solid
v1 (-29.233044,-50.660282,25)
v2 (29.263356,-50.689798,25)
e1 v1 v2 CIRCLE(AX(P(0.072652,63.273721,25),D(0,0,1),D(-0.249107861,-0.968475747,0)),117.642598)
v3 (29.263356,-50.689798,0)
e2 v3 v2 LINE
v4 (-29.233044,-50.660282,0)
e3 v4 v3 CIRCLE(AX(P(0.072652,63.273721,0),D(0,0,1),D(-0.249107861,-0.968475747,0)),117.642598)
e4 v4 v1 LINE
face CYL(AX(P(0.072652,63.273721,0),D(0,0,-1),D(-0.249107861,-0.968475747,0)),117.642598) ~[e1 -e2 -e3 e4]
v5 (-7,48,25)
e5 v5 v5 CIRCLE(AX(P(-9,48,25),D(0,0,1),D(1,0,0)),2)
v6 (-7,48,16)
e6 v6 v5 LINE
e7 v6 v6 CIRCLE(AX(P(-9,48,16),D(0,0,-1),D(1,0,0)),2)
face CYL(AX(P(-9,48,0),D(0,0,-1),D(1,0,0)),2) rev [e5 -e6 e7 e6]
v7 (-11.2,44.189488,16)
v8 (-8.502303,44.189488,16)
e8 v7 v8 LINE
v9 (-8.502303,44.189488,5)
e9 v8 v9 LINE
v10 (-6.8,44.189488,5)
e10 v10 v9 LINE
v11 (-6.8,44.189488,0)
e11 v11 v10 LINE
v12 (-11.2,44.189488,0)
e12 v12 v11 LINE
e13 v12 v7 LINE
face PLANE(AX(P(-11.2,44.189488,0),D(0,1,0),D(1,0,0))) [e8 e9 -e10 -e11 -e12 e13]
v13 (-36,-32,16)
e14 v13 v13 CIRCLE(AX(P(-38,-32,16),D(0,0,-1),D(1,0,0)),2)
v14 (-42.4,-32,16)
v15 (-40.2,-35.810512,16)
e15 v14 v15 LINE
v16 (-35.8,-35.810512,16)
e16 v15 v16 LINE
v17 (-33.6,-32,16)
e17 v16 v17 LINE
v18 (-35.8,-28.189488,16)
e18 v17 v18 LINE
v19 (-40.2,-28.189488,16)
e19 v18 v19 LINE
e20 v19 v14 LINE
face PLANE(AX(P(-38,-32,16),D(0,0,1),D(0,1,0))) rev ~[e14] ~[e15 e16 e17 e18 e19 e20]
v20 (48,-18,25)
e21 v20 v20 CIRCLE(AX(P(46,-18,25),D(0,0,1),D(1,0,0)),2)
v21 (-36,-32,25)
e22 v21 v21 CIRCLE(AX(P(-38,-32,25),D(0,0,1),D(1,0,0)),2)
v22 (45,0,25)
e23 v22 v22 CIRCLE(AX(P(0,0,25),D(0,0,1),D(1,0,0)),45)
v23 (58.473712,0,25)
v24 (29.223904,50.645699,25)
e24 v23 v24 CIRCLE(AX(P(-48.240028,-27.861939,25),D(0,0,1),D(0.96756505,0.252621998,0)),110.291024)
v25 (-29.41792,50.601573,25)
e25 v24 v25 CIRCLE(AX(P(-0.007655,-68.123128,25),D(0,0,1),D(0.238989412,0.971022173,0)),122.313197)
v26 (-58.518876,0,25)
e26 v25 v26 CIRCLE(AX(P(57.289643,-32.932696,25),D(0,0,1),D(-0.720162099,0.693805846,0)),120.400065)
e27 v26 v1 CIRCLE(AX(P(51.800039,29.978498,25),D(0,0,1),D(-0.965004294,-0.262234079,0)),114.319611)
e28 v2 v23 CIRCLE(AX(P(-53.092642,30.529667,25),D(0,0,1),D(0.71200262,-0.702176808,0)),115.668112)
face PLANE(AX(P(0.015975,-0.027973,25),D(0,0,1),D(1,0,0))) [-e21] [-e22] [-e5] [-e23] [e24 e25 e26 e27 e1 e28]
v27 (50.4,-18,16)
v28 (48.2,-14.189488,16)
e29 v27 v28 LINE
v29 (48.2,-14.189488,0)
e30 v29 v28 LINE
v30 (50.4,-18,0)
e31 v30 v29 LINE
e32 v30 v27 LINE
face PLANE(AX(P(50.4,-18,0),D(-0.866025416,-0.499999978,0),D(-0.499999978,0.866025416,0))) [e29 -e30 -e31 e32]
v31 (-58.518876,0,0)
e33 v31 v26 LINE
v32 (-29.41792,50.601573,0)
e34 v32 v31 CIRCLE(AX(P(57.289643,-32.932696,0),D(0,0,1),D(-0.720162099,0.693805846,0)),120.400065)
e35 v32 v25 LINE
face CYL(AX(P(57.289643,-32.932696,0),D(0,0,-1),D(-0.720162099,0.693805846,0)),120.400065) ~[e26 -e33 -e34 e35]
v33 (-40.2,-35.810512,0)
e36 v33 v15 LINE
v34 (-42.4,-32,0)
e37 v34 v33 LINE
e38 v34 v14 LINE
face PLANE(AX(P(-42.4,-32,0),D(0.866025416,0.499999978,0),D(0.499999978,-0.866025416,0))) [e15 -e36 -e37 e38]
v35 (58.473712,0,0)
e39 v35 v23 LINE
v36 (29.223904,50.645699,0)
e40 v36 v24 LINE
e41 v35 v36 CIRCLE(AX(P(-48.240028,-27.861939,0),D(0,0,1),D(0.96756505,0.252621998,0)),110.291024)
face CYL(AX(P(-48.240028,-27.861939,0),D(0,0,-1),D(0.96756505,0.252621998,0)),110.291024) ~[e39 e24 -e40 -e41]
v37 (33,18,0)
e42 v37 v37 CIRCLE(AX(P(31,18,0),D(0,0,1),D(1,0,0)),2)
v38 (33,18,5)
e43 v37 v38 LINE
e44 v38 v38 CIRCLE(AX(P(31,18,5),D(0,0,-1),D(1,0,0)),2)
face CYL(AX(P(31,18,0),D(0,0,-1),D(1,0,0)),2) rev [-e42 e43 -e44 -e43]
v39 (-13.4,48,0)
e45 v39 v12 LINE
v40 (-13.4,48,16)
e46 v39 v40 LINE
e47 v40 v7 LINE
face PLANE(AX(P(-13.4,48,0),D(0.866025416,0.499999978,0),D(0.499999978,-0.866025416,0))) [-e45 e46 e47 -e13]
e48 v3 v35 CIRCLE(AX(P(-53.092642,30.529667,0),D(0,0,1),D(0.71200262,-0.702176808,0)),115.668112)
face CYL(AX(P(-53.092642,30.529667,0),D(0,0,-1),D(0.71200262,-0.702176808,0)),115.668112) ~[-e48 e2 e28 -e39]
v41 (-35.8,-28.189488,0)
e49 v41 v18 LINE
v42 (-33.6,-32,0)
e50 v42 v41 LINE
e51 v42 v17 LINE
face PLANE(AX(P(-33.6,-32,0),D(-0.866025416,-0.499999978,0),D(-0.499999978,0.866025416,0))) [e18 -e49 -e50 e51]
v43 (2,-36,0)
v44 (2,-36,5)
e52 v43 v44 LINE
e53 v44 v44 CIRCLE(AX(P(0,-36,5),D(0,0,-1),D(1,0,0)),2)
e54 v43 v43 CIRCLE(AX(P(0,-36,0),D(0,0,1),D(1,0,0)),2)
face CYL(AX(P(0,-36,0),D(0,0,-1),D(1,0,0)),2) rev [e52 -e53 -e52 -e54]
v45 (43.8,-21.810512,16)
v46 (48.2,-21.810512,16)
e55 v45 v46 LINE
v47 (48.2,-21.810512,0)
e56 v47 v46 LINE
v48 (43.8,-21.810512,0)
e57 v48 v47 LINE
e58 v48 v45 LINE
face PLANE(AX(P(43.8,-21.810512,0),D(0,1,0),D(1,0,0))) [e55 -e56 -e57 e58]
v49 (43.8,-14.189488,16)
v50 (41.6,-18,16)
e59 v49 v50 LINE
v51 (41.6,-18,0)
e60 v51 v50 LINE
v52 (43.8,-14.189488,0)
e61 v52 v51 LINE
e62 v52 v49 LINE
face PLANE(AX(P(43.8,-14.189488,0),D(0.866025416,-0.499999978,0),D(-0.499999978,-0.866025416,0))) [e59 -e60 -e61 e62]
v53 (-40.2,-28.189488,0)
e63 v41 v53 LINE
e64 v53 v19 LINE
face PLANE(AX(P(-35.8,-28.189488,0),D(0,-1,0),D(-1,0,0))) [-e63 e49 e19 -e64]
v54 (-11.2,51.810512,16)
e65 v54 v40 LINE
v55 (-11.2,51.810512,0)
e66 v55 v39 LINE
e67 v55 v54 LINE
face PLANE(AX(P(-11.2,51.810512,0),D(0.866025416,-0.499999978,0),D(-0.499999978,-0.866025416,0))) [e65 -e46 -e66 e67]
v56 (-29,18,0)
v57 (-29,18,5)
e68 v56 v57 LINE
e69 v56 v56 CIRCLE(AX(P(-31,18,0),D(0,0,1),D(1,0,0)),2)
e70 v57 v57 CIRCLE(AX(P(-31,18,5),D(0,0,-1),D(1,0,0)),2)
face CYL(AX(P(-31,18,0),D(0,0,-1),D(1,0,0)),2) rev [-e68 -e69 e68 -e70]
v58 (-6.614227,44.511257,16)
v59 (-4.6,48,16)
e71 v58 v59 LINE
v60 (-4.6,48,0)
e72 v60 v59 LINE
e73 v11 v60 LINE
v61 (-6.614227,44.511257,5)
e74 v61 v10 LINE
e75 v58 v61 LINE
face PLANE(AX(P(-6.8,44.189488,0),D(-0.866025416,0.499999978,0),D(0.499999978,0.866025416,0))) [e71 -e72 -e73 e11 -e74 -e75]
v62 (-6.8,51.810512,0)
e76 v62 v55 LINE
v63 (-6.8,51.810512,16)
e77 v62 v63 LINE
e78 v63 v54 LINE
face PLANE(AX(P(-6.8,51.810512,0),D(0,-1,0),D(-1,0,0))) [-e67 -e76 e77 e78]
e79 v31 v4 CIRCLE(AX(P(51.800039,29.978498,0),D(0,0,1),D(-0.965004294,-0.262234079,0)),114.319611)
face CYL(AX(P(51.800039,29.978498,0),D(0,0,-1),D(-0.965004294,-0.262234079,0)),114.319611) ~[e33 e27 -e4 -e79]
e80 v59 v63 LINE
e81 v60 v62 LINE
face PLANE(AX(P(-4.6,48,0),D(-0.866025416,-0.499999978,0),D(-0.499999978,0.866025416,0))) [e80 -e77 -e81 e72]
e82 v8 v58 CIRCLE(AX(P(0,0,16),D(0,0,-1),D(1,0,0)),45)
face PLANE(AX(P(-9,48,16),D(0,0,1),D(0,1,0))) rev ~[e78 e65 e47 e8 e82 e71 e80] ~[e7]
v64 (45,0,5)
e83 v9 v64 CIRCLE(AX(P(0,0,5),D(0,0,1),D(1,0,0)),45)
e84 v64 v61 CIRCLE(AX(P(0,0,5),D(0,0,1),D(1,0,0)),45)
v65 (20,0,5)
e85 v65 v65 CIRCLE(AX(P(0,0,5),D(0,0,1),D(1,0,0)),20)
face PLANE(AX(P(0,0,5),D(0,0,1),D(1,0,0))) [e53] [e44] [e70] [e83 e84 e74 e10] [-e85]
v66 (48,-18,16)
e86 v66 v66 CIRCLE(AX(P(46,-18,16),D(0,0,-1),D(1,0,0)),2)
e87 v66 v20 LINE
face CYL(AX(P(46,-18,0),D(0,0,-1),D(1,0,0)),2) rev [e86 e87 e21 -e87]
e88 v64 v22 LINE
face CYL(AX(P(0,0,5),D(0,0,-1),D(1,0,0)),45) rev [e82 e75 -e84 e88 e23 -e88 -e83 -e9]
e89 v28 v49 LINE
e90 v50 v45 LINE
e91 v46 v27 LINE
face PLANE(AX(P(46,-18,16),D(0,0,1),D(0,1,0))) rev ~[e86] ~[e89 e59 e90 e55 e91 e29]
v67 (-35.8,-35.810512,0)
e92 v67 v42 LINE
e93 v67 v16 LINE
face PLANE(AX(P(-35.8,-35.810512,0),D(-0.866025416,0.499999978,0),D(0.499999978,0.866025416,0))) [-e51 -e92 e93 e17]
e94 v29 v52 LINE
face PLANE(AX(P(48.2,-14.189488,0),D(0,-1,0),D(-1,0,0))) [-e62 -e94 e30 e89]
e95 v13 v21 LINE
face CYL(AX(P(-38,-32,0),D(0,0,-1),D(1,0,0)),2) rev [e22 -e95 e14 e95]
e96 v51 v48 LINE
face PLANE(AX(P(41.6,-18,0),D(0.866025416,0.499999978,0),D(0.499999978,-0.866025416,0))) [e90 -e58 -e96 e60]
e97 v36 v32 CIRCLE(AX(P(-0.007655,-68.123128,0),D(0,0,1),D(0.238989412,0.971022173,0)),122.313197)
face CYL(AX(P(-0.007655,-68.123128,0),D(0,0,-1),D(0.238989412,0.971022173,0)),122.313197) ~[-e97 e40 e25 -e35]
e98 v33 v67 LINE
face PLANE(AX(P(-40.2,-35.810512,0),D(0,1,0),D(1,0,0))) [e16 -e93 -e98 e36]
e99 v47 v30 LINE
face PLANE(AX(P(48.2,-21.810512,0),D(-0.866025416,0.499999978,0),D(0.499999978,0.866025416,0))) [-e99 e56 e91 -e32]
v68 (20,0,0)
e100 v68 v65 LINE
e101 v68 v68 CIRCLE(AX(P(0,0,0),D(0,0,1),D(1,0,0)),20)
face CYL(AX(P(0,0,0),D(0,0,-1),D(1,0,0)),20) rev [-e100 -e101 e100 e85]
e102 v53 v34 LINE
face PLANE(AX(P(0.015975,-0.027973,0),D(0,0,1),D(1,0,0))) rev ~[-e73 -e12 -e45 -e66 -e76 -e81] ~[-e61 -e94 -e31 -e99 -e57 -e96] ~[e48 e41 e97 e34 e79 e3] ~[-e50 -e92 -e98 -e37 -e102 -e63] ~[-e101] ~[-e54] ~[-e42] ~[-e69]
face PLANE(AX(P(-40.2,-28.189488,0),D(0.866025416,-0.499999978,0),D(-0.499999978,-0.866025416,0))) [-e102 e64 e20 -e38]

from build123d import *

# Parameters (mm, degrees)
CYLINDER006_R     = 2
CYLINDER006_DEPTH = 20
CYLINDER007_R     = 2
CYLINDER007_DEPTH = 20
CYLINDER005_R     = 2
CYLINDER005_DEPTH = 20
EXTRUDE003_DEPTH  = 16
EXTRUDE002_DEPTH  = 16
EXTRUDE001_DEPTH  = 16
CYLINDER004_R     = 2
CYLINDER004_DEPTH = 25
CYLINDER003_R     = 2
CYLINDER003_DEPTH = 25
CYLINDER002_R     = 2
CYLINDER002_DEPTH = 25
CYLINDER001_R     = 20
CYLINDER001_DEPTH = 5
CYLINDER_R        = 45
CYLINDER_DEPTH    = 20
EXTRUDE_DEPTH     = 25


with BuildPart() as cylinder006:
    # Cylinder006 → Cylinder006 (new body)
    with BuildSketch(Plane(origin=(-31, 18, 0), x_dir=(1, 0, 0), z_dir=(0, 0, 1))):
        Circle(CYLINDER006_R)
    extrude(amount=CYLINDER006_DEPTH)


with BuildPart() as cylinder007:
    # Cylinder007 → Cylinder007 (new body)
    with BuildSketch(Plane(origin=(0, -36, 0), x_dir=(1, 0, 0), z_dir=(0, 0, 1))):
        Circle(CYLINDER007_R)
    extrude(amount=CYLINDER007_DEPTH)


with BuildPart() as cylinder005:
    # Cylinder005 → Cylinder005 (new body)
    with BuildSketch(Plane(origin=(31, 18, 0), x_dir=(1, 0, 0), z_dir=(0, 0, 1))):
        Circle(CYLINDER005_R)
    extrude(amount=CYLINDER005_DEPTH)


with BuildPart() as extrude003:
    # RegularPolygon002 → Extrude003 (new body)
    with BuildSketch(Plane(origin=(46, -18, 0), x_dir=(0, 1, 0), z_dir=(0, 0, 1))):
        Polygon((0, -4.4), (3.810512, -2.2), (3.810512, 2.2), (0, 4.4), (-3.810512, 2.2), (-3.810512, -2.2), align=None)
    extrude(amount=EXTRUDE003_DEPTH)


with BuildPart() as extrude002:
    # RegularPolygon001 → Extrude002 (new body)
    with BuildSketch(Plane(origin=(-9, 48, 0), x_dir=(0, 1, 0), z_dir=(0, 0, 1))):
        Polygon((0, -4.4), (3.810512, -2.2), (3.810512, 2.2), (0, 4.4), (-3.810512, 2.2), (-3.810512, -2.2), align=None)
    extrude(amount=EXTRUDE002_DEPTH)


with BuildPart() as extrude001:
    # RegularPolygon → Extrude001 (new body)
    with BuildSketch(Plane(origin=(-38, -32, 0), x_dir=(0, 1, 0), z_dir=(0, 0, 1))):
        Polygon((0, -4.4), (3.810512, -2.2), (3.810512, 2.2), (0, 4.4), (-3.810512, 2.2), (-3.810512, -2.2), align=None)
    extrude(amount=EXTRUDE001_DEPTH)


with BuildPart() as cylinder004:
    # Cylinder004 → Cylinder004 (new body)
    with BuildSketch(Plane(origin=(46, -18, 0), x_dir=(1, 0, 0), z_dir=(0, 0, 1))):
        Circle(CYLINDER004_R)
    extrude(amount=CYLINDER004_DEPTH)


with BuildPart() as cylinder003:
    # Cylinder003 → Cylinder003 (new body)
    with BuildSketch(Plane(origin=(-9, 48, 0), x_dir=(1, 0, 0), z_dir=(0, 0, 1))):
        Circle(CYLINDER003_R)
    extrude(amount=CYLINDER003_DEPTH)


with BuildPart() as cylinder002:
    # Cylinder002 → Cylinder002 (new body)
    with BuildSketch(Plane(origin=(-38, -32, 0), x_dir=(1, 0, 0), z_dir=(0, 0, 1))):
        Circle(CYLINDER002_R)
    extrude(amount=CYLINDER002_DEPTH)


with BuildPart() as cylinder001:
    # Cylinder001 → Cylinder001 (new body)
    with BuildSketch(Plane.XY):
        Circle(CYLINDER001_R)
    extrude(amount=CYLINDER001_DEPTH)


with BuildPart() as cylinder:
    # Cylinder → Cylinder (new body)
    with BuildSketch(Plane.XY.offset(5)):
        Circle(CYLINDER_R)
    extrude(amount=CYLINDER_DEPTH)


with BuildPart() as cut010:
    # Sketch → Extrude (new body)
    with BuildSketch(Plane.XY):
        with BuildLine():
            ThreePointArc((-58.518876, 0), (-47.172244, -27.235666), (-29.233044, -50.660282))
            ThreePointArc((-29.233044, -50.660282), (0.013292, -54.368862), (29.263356, -50.689798))
            ThreePointArc((29.263356, -50.689798), (47.126286, -27.222202), (58.473712, 0))
            ThreePointArc((58.473712, 0), (47.267042, 27.297009), (29.223904, 50.645699))
            ThreePointArc((29.223904, 50.645699), (-0.099691, 54.190035), (-29.41792, 50.601573))
            ThreePointArc((-29.41792, 50.601573), (-47.081429, 27.09109), (-58.518876, 0))
        make_face()
    extrude(amount=EXTRUDE_DEPTH)

    # Cut: cut Cylinder
    add(cylinder.part, mode=Mode.SUBTRACT)

    # Cut001: cut Cylinder001
    add(cylinder001.part, mode=Mode.SUBTRACT)

    # Cut002: cut Cylinder002
    add(cylinder002.part, mode=Mode.SUBTRACT)

    # Cut003: cut Cylinder003
    add(cylinder003.part, mode=Mode.SUBTRACT)

    # Cut004: cut Cylinder004
    add(cylinder004.part, mode=Mode.SUBTRACT)

    # Cut005: cut Extrude001
    add(extrude001.part, mode=Mode.SUBTRACT)

    # Cut006: cut Extrude002
    add(extrude002.part, mode=Mode.SUBTRACT)

    # Cut007: cut Extrude003
    add(extrude003.part, mode=Mode.SUBTRACT)

    # Cut008: cut Cylinder005
    add(cylinder005.part, mode=Mode.SUBTRACT)

    # Cut009: cut Cylinder007
    add(cylinder007.part, mode=Mode.SUBTRACT)

    # Cut010: cut Cylinder006
    add(cylinder006.part, mode=Mode.SUBTRACT)


solid = cut010.part
